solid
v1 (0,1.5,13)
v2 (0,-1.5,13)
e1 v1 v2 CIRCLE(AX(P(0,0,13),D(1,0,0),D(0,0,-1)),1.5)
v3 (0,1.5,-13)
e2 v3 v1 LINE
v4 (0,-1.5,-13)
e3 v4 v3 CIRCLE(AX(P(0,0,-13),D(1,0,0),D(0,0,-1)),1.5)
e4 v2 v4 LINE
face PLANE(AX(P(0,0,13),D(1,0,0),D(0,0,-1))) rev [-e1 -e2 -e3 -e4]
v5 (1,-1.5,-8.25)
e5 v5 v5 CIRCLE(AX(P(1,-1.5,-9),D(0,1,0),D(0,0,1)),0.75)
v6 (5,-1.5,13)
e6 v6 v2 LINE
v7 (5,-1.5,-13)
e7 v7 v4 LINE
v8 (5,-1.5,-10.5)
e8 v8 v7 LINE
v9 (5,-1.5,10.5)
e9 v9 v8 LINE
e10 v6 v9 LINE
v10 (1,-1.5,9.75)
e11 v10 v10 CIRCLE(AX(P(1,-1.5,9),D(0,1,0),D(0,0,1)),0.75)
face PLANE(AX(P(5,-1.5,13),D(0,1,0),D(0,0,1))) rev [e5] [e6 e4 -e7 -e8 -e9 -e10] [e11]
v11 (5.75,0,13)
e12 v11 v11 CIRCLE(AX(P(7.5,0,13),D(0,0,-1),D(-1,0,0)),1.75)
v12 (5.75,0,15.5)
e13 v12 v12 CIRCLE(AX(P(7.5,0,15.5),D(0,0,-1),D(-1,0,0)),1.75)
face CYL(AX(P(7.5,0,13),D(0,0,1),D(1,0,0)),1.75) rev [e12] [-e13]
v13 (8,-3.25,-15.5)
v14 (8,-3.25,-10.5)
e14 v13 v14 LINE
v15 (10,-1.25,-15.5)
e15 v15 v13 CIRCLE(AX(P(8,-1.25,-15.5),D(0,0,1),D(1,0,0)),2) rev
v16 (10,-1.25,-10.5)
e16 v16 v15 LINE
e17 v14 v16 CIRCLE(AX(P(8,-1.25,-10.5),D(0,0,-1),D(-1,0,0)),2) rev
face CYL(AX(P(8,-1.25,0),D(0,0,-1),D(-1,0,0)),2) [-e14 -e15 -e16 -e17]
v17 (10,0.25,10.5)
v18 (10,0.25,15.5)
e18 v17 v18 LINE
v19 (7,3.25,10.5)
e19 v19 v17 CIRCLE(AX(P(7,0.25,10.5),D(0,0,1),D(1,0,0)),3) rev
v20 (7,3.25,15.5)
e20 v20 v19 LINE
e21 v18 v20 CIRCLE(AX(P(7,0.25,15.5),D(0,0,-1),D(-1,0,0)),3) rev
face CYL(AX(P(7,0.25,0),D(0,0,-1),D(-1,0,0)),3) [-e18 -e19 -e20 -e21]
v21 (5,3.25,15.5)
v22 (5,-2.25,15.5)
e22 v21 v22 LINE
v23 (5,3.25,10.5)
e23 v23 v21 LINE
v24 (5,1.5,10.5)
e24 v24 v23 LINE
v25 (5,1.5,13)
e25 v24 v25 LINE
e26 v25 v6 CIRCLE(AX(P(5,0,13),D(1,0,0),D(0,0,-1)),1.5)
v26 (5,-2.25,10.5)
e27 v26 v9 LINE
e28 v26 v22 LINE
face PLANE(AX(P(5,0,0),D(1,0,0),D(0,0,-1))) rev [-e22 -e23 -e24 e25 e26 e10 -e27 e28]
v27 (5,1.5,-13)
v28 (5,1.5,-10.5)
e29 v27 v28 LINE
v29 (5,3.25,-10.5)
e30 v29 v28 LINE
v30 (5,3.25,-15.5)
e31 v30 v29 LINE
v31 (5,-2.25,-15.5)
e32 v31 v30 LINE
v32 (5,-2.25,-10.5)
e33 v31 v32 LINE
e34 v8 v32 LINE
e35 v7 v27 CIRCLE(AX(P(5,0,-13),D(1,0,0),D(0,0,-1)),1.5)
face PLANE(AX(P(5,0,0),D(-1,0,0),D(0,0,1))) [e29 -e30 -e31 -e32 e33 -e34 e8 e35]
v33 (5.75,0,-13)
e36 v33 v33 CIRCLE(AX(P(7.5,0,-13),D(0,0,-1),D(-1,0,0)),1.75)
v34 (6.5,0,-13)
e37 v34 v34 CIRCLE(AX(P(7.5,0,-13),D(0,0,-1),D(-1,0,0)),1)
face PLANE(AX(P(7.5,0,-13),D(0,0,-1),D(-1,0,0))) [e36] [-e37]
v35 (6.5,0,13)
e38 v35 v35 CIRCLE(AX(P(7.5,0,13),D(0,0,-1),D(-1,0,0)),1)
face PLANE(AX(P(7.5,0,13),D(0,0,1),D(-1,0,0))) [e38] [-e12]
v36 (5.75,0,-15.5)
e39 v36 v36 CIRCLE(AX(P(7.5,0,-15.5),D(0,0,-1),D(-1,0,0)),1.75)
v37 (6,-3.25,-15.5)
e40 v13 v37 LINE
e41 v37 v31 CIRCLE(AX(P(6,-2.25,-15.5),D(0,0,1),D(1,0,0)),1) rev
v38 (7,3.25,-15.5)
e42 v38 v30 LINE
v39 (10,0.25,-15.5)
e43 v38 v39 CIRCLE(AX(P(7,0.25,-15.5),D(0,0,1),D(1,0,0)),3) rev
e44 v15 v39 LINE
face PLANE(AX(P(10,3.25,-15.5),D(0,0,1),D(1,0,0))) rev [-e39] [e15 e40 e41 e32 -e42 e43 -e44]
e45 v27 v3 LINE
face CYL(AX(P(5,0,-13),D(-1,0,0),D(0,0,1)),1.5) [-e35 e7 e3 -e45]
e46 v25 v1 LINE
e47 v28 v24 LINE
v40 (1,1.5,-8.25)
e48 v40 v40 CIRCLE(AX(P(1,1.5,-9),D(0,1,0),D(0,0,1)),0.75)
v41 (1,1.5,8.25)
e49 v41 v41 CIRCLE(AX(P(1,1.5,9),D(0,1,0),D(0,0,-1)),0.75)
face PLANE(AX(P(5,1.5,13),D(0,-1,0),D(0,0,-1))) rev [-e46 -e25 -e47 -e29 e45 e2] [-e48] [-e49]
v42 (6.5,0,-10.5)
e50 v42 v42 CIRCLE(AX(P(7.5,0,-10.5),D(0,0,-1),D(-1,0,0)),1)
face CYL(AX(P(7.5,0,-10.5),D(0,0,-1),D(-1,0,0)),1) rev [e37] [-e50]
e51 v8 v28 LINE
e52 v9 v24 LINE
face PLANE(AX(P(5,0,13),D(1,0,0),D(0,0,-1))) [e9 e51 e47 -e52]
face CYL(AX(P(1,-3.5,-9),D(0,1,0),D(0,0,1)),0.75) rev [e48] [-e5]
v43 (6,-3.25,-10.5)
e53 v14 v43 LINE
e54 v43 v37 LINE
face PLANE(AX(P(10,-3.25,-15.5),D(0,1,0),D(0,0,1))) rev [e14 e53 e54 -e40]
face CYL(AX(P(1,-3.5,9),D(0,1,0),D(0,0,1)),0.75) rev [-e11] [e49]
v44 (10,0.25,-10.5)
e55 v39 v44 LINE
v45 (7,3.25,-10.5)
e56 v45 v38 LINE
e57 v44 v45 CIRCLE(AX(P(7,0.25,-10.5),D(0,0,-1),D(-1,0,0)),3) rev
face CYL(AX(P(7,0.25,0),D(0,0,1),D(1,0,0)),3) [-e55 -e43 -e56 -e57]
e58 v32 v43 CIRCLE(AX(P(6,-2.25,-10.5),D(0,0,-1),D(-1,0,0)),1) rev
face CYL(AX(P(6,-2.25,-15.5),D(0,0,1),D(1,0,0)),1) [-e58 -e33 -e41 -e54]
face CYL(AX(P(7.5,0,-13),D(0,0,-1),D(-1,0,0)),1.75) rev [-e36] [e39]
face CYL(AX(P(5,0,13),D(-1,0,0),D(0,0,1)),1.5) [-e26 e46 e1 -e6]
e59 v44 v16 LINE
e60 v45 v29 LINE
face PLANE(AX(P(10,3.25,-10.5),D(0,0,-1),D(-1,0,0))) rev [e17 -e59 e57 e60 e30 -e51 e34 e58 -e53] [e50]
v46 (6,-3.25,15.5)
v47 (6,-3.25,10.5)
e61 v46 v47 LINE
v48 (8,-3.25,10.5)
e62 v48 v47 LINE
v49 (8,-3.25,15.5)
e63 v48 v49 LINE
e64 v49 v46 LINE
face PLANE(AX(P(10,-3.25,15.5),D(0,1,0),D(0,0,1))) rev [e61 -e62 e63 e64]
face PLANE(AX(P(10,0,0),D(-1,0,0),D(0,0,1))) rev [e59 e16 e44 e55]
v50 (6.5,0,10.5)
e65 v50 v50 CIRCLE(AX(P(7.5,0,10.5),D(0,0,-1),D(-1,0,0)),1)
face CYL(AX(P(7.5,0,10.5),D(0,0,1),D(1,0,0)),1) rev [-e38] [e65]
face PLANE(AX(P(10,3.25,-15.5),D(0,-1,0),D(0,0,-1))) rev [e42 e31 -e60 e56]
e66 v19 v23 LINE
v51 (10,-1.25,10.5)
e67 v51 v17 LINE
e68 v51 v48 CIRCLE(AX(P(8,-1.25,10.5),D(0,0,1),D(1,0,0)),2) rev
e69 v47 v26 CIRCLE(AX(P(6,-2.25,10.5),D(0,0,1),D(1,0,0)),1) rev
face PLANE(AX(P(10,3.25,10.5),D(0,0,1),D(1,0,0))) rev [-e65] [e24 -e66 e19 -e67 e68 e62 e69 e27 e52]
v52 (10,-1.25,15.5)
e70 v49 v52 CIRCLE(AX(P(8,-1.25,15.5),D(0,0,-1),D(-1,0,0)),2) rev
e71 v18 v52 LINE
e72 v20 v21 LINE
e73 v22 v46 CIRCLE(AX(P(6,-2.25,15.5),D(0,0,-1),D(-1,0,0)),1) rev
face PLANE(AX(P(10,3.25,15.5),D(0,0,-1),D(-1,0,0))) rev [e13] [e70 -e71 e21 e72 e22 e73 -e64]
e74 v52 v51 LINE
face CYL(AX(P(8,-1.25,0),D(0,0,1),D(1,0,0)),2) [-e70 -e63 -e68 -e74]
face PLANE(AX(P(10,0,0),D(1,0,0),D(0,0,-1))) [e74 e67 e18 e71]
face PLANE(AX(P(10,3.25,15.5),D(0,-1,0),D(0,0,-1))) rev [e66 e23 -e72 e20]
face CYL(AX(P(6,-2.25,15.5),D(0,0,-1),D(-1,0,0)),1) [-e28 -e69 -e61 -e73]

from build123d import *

# Parameters (mm, degrees)
SALIENTE_EXTRUIR1_DEPTH = 5
CROQUIS2_W              = 5
CROQUIS2_H              = 6.5
SALIENTE_EXTRUIR3_DEPTH = 5
REDONDEO1_R             = 3
REDONDEO2_R             = 2
REDONDEO3_R             = 1
CROQUIS4_R              = 1.75
CORTAR_EXTRUIR1_DEPTH   = 2.5
CROQUIS5_R              = 1
CORTAR_EXTRUIR2_DEPTH   = 2.5
CROQUIS6_R              = 0.75
CORTAR_EXTRUIR3_DEPTH   = 5


with BuildPart() as part:
    # Croquis1 → Saliente-Extruir1 (new body)
    with BuildSketch(Plane(origin=(0, 0, 0), x_dir=(0, 0, -1), z_dir=(1, 0, 0))):
        with BuildLine():
            Line((-13, 1.5), (13, 1.5))
            ThreePointArc((13, 1.5), (14.5, 0), (13, -1.5))
            Line((13, -1.5), (-13, -1.5))
            ThreePointArc((-13, -1.5), (-14.5, 0), (-13, 1.5))
        make_face()
    extrude(amount=SALIENTE_EXTRUIR1_DEPTH)

    # Croquis2 → Saliente-Extruir3 (add)
    with BuildSketch(Plane(origin=(5, 0, 0), x_dir=(0, 0, -1), z_dir=(1, 0, 0))):
        with Locations((-13, 0)):
            Rectangle(CROQUIS2_W, CROQUIS2_H)
        with Locations((13, 0)):
            Rectangle(CROQUIS2_W, CROQUIS2_H)
    extrude(amount=SALIENTE_EXTRUIR3_DEPTH)

    # Redondeo1
    redondeo1_edges = [part.edges().sort_by_distance(p)[0] for p in [
        (10, 3.25, 13),
        (10, 3.25, -13),
    ]]
    fillet(redondeo1_edges, radius=REDONDEO1_R)

    # Redondeo2
    redondeo2_edges = [part.edges().sort_by_distance(p)[0] for p in [
        (10, -3.25, 13),
        (10, -3.25, -13),
    ]]
    fillet(redondeo2_edges, radius=REDONDEO2_R)

    # Redondeo3
    redondeo3_edges = [part.edges().sort_by_distance(p)[0] for p in [
        (5, -3.25, 13),
        (5, -3.25, -13),
    ]]
    fillet(redondeo3_edges, radius=REDONDEO3_R)

    # Croquis4 → Cortar-Extruir1 (cut)
    with BuildSketch(Plane(origin=(0, 0, -15.5), x_dir=(-1, 0, 0), z_dir=(0, 0, -1))):
        with Locations((-7.5, 0)):
            Circle(CROQUIS4_R)
    cortar_extruir1 = extrude(amount=-CORTAR_EXTRUIR1_DEPTH, mode=Mode.SUBTRACT)

    # Croquis5 → Cortar-Extruir2 (cut)
    with BuildSketch(Plane(origin=(0, 0, -13), x_dir=(-1, 0, 0), z_dir=(0, 0, -1))):
        with Locations((-7.5, 0)):
            Circle(CROQUIS5_R)
    cortar_extruir2 = extrude(amount=-CORTAR_EXTRUIR2_DEPTH, mode=Mode.SUBTRACT)

    # Simetría2: Cortar-Extruir1, Cortar-Extruir2 across plane
    add(cortar_extruir1.mirror(Plane.XY), mode=Mode.SUBTRACT)
    add(cortar_extruir2.mirror(Plane.XY), mode=Mode.SUBTRACT)

    # Croquis6 → Cortar-Extruir3 (cut)
    with BuildSketch(Plane(origin=(0, 1.5, 0), x_dir=(1, 0, 0), z_dir=(0, 1, 0))):
        with Locations((1, 9)):
            Circle(CROQUIS6_R)
        with Locations((1, -9)):
            Circle(CROQUIS6_R)
    extrude(amount=-CORTAR_EXTRUIR3_DEPTH, mode=Mode.SUBTRACT)


solid = part.part
